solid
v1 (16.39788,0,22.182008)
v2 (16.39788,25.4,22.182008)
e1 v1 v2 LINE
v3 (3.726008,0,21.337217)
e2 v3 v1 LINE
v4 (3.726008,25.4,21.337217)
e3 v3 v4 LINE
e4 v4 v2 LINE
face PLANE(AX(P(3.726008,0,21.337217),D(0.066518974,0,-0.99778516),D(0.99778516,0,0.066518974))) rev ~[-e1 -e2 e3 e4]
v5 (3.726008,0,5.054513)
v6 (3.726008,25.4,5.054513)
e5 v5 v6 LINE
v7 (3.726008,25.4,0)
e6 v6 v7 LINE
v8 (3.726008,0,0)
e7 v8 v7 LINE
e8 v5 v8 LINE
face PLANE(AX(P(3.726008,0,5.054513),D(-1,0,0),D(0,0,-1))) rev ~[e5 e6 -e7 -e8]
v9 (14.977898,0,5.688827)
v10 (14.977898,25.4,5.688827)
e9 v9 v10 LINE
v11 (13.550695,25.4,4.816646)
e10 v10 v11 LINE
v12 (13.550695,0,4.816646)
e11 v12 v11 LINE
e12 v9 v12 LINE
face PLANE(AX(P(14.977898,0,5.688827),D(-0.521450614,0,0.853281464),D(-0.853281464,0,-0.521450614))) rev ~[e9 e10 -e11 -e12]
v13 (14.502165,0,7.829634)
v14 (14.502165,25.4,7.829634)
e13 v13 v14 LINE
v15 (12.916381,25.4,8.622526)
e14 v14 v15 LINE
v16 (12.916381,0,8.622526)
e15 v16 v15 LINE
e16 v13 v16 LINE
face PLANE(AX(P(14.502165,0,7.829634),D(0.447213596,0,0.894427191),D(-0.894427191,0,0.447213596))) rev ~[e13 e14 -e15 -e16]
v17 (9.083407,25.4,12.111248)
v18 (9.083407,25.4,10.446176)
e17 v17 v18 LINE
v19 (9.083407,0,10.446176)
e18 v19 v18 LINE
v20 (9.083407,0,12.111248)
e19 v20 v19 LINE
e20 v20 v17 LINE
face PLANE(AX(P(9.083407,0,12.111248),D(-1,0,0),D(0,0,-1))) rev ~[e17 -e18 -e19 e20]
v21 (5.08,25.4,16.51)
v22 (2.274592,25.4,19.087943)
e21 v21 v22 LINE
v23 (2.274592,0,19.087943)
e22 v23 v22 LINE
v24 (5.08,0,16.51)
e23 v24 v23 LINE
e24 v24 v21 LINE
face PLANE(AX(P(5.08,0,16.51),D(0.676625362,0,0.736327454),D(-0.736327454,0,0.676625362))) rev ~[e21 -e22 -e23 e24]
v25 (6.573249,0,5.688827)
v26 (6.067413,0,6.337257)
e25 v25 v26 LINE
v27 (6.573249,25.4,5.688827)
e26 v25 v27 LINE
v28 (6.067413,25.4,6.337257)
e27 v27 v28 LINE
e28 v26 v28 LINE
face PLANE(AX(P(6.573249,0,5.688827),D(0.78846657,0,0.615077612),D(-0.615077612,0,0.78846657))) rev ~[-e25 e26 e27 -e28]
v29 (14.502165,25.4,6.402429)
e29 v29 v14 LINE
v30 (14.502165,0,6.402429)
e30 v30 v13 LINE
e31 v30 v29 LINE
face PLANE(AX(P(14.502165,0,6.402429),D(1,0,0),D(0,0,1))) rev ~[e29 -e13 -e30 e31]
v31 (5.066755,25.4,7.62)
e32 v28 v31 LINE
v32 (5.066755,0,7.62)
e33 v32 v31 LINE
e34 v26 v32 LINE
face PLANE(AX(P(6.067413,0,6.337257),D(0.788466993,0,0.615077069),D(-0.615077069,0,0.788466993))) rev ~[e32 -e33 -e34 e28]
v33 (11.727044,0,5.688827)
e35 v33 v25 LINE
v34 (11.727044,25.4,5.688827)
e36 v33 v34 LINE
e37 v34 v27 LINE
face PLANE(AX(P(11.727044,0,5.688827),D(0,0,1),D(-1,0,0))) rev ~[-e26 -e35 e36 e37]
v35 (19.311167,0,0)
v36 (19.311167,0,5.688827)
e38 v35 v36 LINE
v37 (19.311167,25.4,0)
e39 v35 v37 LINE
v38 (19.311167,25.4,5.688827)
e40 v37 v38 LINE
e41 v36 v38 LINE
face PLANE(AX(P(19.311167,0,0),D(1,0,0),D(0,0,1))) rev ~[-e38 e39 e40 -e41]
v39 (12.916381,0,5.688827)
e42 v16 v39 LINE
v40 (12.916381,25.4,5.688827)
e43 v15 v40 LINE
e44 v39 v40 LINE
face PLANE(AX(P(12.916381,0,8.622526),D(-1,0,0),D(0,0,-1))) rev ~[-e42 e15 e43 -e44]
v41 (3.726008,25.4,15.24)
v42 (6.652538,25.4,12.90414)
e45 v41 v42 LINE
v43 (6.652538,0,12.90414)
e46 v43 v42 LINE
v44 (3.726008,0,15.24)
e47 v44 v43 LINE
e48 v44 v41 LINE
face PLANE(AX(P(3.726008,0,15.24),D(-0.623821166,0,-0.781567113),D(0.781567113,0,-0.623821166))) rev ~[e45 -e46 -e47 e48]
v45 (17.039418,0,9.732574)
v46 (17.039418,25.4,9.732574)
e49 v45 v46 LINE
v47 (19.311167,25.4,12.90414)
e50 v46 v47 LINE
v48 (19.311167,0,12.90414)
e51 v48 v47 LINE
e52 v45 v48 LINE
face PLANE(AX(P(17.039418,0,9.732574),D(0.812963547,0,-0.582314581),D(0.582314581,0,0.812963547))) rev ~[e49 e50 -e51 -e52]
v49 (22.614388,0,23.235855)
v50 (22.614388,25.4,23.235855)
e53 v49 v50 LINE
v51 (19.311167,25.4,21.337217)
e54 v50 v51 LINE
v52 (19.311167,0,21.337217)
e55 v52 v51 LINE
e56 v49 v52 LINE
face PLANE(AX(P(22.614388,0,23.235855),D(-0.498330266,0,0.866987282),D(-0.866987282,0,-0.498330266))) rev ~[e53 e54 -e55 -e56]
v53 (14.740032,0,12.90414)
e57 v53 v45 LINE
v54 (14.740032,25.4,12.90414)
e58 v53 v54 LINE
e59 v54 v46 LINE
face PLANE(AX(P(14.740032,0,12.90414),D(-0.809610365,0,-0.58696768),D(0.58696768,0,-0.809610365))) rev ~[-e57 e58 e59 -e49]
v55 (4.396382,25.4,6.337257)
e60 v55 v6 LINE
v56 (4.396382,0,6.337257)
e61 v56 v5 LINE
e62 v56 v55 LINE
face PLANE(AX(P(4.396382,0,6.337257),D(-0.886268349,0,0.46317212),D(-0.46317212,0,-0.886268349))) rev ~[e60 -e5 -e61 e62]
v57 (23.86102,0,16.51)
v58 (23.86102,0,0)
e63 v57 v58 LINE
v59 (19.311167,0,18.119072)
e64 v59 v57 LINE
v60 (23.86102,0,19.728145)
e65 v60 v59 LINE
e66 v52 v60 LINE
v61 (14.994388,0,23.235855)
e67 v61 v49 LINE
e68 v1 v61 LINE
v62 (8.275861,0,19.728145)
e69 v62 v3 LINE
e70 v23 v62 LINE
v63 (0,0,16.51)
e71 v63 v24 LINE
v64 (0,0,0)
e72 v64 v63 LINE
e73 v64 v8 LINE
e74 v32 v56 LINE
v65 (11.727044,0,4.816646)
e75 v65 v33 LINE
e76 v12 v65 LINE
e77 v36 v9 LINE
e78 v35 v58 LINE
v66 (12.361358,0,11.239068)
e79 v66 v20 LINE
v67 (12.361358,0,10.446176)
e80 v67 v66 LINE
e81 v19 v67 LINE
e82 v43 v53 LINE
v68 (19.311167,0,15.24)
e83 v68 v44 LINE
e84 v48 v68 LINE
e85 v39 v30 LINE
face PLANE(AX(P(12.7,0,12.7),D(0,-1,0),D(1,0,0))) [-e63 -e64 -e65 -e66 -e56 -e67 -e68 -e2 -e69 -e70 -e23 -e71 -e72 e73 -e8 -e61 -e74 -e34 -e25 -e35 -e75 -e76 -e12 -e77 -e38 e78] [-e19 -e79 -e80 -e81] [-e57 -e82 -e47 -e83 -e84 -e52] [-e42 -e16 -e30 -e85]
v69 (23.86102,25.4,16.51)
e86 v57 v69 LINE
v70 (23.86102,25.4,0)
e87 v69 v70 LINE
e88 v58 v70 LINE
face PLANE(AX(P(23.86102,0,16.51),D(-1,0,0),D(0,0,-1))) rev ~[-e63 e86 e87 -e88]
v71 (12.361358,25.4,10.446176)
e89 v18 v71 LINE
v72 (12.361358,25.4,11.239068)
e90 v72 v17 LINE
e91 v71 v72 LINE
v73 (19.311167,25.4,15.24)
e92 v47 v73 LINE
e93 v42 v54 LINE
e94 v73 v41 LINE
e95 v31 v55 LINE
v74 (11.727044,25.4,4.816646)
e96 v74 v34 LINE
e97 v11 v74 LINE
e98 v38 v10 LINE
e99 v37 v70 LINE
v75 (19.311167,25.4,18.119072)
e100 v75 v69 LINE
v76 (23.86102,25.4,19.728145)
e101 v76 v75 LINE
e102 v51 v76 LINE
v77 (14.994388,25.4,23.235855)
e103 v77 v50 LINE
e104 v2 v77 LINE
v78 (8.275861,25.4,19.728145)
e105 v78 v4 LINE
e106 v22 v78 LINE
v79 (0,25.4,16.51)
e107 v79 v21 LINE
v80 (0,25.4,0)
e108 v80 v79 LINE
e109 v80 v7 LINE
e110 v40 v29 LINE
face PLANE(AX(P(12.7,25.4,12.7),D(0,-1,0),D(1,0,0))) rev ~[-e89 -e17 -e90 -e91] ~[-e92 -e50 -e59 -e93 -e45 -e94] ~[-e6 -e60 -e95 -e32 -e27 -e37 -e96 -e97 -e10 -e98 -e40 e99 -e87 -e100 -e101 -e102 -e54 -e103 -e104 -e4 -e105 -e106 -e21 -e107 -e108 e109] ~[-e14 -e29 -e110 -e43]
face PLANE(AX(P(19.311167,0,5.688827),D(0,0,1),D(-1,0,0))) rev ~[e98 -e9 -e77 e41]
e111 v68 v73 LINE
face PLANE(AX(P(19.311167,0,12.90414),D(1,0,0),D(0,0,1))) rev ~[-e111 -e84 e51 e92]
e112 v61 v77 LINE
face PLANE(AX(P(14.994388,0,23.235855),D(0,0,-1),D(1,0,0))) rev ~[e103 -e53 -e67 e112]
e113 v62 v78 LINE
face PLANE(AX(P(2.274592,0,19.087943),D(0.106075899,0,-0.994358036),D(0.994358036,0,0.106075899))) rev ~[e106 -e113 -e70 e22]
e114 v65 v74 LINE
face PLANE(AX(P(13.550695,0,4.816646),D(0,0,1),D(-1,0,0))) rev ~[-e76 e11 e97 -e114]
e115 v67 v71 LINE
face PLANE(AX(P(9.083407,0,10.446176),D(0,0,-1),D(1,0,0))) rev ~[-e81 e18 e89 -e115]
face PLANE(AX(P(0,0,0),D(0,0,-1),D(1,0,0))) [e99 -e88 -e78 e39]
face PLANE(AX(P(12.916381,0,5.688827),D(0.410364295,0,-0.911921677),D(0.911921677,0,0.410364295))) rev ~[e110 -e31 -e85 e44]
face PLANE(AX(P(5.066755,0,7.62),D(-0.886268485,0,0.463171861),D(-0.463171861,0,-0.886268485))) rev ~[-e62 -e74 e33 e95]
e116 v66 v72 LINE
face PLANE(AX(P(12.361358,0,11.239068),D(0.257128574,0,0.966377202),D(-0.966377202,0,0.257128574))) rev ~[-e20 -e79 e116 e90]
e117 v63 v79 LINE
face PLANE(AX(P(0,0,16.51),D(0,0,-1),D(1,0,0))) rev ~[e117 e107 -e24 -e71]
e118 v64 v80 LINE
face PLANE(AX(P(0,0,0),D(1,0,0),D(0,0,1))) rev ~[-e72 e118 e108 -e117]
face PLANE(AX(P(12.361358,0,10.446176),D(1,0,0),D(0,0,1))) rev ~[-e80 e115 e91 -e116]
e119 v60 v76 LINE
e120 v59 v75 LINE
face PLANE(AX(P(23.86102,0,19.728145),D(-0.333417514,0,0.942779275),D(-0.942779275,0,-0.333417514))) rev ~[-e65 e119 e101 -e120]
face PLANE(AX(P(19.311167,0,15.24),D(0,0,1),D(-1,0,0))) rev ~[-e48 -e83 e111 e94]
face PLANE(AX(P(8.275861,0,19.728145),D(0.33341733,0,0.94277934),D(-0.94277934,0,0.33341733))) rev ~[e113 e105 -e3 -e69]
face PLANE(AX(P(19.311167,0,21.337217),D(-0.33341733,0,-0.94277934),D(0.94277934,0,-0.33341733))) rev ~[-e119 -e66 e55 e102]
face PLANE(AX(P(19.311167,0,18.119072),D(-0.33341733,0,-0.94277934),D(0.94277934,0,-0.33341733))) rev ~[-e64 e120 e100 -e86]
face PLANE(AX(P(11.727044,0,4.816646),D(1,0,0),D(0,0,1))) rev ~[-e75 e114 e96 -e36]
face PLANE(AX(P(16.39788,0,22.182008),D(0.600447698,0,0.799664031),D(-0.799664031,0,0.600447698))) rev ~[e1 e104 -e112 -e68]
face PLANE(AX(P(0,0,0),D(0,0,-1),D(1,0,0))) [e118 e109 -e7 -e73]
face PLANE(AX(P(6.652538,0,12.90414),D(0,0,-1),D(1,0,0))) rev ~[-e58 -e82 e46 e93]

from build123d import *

# Parameters (mm, degrees)
F0_W     = 25.4
F0_H     = 25.4
F2_DEPTH = 25.4
F3_DEPTH = 25.4


with BuildPart() as f2:
    # F0 (on Front) → F2 (new body)
    with BuildSketch(Plane.XZ):
        with Locations((12.7, 12.7)):
            Rectangle(F0_W, F0_H)
    extrude(amount=-F2_DEPTH)

    # F1 (on face) → F3 (cut)
    with BuildSketch(Plane.XZ):
        Polygon((0, 25.4), (0, 16.51), (5.08, 16.51), (2.274592, 19.087943), (8.275861, 19.728145), (3.726008, 21.337217), (16.39788, 22.182008), (14.994388, 23.235855), (22.614388, 23.235855), (19.311167, 21.337217), (23.86102, 19.728145), (19.311167, 18.119072), (23.86102, 16.51), (23.86102, 0), (25.4, 0), (25.4, 25.4), align=None)
        Polygon((9.083407, 15.24), (3.726008, 15.24), (6.652538, 12.90414), (9.083407, 12.90414), (12.361358, 12.90414), (14.740032, 12.90414), (16.960129, 11.318357), (19.311167, 12.90414), (19.311167, 15.24), align=None)
        Polygon((3.726008, 5.054513), (3.726008, 0), (19.311167, 0), (19.311167, 5.688827), (14.977898, 5.688827), (13.550695, 4.816646), (11.727044, 4.816646), (11.727044, 5.688827), (9.189791, 5.688827), (6.573249, 5.688827), (6.067413, 6.337257), (4.396382, 6.337257), align=None)
        Polygon((12.916381, 8.622526), (12.916381, 5.688827), (14.502165, 6.402429), (14.502165, 7.829634), align=None)
        Polygon((12.361358, 11.239068), (9.083407, 12.111248), (9.083407, 10.446176), (12.361358, 10.446176), align=None)
        Polygon((17.039418, 9.732574), (19.311167, 12.90414), (16.960129, 11.318357), (14.740032, 12.90414), align=None)
        Polygon((5.066755, 7.62), (4.396382, 6.337257), (6.067413, 6.337257), align=None)
    extrude(amount=-F3_DEPTH, mode=Mode.SUBTRACT)


solid = f2.part
